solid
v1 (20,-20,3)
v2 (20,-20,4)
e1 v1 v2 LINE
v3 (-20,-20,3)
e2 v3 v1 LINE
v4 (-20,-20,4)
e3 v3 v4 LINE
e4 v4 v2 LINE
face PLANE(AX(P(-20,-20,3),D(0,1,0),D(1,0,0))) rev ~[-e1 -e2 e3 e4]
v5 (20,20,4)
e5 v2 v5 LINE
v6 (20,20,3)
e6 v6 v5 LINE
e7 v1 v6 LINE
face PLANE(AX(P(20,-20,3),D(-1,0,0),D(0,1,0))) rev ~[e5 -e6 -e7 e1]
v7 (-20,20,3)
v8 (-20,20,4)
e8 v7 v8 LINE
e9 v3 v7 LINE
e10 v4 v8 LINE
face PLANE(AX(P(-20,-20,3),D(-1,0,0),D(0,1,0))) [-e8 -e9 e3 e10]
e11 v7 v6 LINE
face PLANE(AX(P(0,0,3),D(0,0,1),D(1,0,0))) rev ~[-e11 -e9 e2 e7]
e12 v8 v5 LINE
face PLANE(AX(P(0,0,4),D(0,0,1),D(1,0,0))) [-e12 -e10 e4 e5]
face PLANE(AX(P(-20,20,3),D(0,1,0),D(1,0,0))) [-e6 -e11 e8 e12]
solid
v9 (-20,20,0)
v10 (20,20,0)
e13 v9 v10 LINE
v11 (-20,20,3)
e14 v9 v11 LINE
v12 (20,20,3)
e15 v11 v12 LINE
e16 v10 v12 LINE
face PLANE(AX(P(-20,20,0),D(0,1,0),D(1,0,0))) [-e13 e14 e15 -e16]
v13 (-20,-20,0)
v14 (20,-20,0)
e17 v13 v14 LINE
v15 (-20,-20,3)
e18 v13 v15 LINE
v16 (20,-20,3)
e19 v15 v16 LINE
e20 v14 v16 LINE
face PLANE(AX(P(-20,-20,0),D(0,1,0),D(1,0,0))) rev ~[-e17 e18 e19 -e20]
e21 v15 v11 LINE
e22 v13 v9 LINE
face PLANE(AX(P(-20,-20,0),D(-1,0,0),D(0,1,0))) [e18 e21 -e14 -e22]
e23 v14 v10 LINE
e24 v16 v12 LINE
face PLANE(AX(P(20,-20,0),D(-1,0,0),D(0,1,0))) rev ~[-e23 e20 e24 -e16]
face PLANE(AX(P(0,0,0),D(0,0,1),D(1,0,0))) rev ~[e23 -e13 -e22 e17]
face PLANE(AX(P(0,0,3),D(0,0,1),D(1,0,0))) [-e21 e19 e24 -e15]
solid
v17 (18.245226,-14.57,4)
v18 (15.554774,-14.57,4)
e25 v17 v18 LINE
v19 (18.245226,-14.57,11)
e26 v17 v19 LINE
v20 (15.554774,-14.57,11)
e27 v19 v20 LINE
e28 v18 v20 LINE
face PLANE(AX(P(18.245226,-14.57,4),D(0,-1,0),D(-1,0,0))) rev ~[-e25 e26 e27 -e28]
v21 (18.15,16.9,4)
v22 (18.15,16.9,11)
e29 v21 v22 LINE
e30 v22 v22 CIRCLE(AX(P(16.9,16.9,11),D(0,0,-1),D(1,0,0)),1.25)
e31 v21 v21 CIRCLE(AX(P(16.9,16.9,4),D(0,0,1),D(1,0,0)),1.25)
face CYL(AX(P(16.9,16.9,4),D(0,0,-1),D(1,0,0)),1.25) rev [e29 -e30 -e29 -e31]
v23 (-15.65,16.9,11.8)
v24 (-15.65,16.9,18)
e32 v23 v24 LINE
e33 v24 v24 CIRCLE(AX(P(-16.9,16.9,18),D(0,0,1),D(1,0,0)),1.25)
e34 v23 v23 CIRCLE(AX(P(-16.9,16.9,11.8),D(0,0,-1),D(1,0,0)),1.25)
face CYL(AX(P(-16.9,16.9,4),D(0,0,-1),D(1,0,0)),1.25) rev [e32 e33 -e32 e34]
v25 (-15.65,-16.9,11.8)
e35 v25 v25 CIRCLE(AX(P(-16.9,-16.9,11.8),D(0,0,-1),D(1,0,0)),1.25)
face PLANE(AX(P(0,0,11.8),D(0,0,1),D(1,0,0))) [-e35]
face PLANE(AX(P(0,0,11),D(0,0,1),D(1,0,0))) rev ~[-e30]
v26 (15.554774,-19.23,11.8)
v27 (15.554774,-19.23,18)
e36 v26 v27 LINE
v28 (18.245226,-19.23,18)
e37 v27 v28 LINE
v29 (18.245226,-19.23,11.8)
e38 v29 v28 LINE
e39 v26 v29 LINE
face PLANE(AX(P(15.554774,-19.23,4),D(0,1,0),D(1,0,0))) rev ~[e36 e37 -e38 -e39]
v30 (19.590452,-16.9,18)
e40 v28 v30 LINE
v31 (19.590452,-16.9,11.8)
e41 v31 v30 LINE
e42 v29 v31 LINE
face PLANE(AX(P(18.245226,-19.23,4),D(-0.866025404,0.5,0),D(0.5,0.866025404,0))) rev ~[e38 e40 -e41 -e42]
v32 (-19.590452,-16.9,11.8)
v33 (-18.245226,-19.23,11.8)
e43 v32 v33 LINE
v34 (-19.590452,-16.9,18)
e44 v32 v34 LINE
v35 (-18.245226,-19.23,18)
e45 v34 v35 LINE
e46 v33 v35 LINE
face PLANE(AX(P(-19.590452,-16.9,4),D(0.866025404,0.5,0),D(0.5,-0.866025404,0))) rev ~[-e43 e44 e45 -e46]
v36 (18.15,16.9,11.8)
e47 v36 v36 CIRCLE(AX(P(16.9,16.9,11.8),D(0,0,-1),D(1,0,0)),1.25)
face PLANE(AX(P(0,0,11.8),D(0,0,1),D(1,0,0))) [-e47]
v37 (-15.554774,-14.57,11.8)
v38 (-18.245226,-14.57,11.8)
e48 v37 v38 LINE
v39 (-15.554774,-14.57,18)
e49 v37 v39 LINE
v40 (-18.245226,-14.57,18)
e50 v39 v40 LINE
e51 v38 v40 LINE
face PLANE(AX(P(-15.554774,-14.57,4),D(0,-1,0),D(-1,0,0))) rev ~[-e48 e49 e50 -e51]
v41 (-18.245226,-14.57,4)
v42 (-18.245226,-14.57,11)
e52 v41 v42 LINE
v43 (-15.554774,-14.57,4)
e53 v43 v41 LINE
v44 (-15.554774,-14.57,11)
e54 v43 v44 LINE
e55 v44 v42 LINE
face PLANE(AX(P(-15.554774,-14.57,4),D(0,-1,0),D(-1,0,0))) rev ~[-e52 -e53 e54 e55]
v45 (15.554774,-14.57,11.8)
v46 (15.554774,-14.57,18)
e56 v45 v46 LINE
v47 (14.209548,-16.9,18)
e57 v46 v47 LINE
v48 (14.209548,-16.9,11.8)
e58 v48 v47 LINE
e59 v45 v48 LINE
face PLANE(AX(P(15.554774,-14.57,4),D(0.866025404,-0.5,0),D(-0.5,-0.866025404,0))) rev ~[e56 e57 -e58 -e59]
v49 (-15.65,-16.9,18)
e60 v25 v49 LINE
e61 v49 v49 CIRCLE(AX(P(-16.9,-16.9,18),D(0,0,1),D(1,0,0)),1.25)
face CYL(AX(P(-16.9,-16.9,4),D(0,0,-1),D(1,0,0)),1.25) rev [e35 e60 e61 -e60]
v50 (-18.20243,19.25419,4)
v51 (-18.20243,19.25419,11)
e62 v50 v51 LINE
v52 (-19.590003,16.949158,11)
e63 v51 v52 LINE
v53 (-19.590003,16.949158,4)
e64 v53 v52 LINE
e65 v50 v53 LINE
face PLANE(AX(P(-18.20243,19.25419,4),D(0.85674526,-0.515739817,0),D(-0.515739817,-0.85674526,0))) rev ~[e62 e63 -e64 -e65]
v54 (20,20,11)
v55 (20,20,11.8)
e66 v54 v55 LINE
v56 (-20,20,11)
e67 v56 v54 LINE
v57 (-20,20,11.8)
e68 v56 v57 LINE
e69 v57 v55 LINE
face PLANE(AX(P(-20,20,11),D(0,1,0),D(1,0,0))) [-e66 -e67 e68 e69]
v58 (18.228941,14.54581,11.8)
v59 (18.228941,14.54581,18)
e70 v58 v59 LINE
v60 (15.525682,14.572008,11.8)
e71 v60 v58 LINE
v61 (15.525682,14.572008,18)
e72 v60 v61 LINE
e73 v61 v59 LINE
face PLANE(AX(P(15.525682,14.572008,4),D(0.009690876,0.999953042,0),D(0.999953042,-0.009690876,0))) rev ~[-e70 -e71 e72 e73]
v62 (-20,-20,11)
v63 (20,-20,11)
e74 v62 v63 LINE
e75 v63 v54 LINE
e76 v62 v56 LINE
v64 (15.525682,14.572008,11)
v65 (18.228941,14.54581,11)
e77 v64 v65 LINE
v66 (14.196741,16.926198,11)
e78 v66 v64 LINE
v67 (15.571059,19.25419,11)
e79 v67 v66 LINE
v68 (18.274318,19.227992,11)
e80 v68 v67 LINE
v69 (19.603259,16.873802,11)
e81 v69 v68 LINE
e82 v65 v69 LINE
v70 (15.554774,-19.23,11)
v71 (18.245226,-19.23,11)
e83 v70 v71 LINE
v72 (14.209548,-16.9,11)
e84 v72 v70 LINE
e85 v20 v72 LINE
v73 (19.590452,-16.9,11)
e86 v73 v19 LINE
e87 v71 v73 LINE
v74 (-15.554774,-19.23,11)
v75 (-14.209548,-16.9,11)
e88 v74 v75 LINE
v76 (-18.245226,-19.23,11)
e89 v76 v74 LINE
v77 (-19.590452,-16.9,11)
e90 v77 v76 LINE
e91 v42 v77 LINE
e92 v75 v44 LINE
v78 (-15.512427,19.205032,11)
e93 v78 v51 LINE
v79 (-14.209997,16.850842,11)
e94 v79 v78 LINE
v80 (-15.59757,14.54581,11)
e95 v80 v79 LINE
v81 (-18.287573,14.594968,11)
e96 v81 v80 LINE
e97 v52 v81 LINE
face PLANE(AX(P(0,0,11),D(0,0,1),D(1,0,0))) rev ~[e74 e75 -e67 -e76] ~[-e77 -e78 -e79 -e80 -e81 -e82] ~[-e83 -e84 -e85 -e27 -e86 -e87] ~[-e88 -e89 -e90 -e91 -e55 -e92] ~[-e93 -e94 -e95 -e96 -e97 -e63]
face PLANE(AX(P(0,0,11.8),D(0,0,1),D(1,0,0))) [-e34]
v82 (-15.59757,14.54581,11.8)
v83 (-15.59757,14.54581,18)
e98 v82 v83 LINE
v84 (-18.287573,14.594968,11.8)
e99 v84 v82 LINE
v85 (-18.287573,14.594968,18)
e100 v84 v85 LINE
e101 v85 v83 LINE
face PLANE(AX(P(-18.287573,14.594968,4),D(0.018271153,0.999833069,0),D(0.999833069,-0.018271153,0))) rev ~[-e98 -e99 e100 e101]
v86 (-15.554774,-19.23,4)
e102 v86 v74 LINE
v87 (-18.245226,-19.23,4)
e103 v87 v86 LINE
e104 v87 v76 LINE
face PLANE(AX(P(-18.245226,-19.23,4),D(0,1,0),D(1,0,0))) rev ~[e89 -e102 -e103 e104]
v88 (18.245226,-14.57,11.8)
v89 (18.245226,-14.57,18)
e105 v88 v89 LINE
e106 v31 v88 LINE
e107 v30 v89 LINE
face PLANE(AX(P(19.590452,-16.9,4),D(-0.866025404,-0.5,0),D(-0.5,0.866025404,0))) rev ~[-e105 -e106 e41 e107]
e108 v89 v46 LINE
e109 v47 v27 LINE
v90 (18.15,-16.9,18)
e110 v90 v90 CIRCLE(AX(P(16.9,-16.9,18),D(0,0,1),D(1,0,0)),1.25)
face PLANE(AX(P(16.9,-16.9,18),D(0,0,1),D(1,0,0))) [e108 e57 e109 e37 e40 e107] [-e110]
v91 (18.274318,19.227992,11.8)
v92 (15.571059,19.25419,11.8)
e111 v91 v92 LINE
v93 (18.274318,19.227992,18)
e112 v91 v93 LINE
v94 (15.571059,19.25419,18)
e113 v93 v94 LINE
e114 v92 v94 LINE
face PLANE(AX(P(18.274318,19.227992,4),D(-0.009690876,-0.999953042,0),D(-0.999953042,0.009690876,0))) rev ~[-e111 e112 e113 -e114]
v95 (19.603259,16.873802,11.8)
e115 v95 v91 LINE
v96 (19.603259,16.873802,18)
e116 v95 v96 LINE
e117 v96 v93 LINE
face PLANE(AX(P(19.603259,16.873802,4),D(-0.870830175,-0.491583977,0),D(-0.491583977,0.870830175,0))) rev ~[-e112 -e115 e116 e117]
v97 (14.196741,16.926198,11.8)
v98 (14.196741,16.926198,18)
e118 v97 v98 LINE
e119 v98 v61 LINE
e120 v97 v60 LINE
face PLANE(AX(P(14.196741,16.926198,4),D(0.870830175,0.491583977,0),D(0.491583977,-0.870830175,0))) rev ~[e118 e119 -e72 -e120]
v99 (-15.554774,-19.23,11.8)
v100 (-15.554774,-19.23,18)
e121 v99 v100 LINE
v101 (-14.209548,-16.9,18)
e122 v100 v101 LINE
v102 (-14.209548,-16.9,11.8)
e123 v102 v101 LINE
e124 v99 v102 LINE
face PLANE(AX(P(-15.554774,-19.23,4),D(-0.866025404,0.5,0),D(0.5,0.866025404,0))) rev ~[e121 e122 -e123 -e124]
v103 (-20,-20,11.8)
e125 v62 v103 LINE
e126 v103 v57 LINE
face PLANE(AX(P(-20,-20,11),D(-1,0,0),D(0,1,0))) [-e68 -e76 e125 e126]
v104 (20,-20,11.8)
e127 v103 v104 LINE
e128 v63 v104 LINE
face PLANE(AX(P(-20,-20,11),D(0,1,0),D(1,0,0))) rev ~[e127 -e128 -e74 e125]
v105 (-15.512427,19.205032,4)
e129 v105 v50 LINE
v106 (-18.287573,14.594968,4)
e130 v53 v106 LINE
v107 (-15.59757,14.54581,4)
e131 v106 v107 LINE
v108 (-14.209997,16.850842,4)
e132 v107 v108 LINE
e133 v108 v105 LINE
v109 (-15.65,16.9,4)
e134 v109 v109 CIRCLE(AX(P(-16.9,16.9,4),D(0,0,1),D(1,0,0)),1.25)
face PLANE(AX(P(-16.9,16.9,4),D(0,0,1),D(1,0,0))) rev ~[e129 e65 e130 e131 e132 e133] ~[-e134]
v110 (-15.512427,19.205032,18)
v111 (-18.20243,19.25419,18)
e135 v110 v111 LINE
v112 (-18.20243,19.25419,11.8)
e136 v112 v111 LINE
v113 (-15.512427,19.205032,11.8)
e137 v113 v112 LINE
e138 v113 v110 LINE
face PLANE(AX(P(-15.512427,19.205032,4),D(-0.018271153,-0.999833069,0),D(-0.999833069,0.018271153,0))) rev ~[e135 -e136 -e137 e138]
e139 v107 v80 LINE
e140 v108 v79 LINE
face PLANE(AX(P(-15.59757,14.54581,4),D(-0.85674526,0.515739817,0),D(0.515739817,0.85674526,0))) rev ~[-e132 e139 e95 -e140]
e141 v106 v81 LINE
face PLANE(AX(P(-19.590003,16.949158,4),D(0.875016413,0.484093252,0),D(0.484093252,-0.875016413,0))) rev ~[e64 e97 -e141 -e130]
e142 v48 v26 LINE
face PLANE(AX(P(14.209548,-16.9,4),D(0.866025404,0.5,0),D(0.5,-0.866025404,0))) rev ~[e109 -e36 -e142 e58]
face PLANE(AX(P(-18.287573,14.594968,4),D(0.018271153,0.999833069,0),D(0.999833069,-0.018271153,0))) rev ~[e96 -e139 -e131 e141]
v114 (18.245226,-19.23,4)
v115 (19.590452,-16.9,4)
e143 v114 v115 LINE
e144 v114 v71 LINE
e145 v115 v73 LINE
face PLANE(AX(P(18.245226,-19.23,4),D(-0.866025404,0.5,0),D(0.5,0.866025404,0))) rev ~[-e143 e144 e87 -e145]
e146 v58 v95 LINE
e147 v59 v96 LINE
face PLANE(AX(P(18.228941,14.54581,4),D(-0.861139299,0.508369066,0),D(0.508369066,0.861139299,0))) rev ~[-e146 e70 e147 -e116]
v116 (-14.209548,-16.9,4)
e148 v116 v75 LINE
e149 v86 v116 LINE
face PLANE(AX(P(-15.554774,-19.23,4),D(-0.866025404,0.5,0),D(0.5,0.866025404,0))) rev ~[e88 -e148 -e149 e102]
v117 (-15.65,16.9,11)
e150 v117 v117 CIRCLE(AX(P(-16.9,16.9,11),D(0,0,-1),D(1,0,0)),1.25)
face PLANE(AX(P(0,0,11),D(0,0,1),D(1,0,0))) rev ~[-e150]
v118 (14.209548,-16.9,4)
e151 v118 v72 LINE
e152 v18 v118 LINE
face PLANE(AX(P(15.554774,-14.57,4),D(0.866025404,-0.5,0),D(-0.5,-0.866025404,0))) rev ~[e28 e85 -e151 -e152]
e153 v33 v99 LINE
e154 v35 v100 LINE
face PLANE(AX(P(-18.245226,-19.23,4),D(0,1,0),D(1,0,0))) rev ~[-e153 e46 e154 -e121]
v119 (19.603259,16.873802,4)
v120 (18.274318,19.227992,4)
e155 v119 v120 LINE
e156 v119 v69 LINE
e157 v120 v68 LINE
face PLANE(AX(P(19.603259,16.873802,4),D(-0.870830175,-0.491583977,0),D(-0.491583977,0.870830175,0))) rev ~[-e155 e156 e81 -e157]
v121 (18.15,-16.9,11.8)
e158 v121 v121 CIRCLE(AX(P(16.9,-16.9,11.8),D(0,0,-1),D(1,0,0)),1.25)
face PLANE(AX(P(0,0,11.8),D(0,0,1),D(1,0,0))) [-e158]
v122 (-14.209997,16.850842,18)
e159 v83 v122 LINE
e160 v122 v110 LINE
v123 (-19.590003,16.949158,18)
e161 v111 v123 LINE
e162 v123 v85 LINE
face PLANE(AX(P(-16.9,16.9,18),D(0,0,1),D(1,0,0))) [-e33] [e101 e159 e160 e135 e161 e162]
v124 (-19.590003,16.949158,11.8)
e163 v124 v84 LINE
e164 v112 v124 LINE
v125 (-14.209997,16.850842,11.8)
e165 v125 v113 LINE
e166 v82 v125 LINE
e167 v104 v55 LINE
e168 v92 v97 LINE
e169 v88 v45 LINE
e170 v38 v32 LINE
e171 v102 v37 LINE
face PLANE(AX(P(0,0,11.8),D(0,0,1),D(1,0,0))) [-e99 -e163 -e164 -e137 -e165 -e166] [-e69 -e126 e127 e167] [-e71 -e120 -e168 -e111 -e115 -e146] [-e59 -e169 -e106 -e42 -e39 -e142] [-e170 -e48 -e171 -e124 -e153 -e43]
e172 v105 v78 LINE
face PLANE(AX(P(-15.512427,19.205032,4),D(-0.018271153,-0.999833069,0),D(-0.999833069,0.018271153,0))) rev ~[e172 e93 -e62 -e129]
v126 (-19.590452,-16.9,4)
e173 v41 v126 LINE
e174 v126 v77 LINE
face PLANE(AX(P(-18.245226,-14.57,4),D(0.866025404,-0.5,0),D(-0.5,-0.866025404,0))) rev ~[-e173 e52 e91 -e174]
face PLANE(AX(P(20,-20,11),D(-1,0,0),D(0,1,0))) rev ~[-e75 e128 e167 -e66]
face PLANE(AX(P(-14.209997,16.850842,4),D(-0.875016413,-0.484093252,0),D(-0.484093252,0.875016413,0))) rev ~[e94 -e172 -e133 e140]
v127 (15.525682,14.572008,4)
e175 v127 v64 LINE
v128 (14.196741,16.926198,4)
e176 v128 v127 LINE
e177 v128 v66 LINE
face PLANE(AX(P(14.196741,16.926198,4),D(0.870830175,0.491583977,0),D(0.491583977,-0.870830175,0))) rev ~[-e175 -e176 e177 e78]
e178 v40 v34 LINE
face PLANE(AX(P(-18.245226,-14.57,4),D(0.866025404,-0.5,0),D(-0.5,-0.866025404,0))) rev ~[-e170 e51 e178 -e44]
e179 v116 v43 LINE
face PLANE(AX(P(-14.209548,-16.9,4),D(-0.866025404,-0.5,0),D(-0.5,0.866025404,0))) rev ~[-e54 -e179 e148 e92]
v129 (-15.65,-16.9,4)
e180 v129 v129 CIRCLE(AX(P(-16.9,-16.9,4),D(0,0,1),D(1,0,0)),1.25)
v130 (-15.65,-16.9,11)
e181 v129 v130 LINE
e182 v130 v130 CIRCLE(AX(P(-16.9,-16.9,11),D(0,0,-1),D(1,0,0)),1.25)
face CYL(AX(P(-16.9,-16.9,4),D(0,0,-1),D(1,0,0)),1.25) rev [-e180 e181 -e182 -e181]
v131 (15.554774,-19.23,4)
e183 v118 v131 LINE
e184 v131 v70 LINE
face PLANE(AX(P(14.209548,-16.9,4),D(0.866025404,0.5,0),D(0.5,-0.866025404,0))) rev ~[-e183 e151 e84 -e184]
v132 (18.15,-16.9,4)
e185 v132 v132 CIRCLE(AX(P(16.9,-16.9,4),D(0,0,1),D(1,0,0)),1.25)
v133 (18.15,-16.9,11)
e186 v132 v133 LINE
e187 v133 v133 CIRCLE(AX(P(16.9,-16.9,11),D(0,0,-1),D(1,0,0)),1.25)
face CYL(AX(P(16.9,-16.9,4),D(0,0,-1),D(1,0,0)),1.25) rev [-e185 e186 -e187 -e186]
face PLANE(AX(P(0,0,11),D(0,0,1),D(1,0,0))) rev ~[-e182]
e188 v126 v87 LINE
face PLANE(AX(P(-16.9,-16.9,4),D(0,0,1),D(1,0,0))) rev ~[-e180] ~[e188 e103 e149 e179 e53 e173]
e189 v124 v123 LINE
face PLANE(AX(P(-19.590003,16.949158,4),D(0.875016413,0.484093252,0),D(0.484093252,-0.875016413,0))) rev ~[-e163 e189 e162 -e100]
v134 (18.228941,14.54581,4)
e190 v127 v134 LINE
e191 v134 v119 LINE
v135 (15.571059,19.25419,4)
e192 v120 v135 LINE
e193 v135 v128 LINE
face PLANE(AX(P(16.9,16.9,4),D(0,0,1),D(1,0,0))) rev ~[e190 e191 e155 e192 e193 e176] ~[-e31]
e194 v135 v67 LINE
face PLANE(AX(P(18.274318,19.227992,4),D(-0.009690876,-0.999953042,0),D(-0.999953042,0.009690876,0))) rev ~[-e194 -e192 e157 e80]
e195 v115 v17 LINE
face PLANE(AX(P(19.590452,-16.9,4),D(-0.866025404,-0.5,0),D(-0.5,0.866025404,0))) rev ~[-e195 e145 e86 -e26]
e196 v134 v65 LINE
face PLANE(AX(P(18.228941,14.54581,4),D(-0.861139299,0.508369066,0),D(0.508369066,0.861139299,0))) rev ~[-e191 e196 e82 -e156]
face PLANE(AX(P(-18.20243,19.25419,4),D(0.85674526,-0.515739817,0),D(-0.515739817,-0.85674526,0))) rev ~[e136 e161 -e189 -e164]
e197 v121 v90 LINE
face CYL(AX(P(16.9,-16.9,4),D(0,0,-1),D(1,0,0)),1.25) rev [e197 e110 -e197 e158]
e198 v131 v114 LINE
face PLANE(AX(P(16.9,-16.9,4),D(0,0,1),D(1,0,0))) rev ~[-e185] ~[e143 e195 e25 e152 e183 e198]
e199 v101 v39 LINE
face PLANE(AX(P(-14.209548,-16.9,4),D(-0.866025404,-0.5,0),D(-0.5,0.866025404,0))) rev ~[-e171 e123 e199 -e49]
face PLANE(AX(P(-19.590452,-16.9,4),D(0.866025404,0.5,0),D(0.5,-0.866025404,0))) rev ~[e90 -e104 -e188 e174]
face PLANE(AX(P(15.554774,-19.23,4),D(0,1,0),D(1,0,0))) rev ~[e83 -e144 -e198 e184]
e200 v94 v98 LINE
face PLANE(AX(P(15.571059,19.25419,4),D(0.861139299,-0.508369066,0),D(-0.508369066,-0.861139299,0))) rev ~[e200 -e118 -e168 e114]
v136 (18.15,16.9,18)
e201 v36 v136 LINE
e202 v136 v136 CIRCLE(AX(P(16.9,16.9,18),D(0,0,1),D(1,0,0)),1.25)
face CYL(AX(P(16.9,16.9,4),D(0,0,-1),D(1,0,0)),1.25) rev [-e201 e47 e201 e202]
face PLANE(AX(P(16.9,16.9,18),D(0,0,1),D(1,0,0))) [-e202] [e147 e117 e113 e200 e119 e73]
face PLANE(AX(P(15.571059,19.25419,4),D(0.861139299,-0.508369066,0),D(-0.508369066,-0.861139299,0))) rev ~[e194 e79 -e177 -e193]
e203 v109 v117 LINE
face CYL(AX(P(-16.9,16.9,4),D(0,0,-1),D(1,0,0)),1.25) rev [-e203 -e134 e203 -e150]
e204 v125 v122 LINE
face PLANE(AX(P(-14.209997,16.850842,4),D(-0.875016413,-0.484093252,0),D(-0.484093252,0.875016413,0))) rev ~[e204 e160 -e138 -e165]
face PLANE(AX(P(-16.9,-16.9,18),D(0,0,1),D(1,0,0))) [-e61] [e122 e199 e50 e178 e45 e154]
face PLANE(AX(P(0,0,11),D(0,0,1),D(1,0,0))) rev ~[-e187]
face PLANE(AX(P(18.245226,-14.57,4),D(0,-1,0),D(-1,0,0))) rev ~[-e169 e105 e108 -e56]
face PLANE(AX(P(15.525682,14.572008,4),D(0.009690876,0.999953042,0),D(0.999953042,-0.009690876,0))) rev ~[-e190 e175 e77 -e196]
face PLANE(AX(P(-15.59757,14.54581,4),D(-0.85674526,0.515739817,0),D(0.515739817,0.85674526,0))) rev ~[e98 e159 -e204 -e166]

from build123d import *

# Parameters (mm, degrees)
SKETCH1_W             = 40
SKETCH1_H             = 40
BOSS_EXTRUDE1_DEPTH   = 3
SKETCH2_W             = 40
SKETCH2_H             = 40
BOSS_EXTRUDE2_DEPTH   = 1
SKETCH3_R             = 1.25
BOSS_EXTRUDE3_DEPTH   = 14
BOSS_EXTRUDE3_2_DEPTH = 14
BOSS_EXTRUDE3_3_DEPTH = 14
BOSS_EXTRUDE3_4_DEPTH = 14
SKETCH4_W             = 40
SKETCH4_H             = 40
BOSS_EXTRUDE4_DEPTH   = 0.8


with BuildPart() as part:
    # Sketch1 → Boss-Extrude1 (new body)
    with BuildSketch(Plane.XY):
        Rectangle(SKETCH1_W, SKETCH1_H)
    extrude(amount=BOSS_EXTRUDE1_DEPTH)


with BuildPart() as body_2:
    # Sketch2 → Boss-Extrude2 (new body)
    with BuildSketch(Plane.XY.offset(3)):
        Rectangle(SKETCH2_W, SKETCH2_H)
    extrude(amount=BOSS_EXTRUDE2_DEPTH)


with BuildPart() as body_3:
    # Sketch3 → Boss-Extrude3 (new body)
    with BuildSketch(Plane.XY.offset(4)):
        Polygon((-15.59757022, 14.545810118), (-14.209996867, 16.850842335), (-15.512426647, 19.205032217), (-18.20242978, 19.254189882), (-19.590003133, 16.949157665), (-18.287573353, 14.594967783), align=None)
        with Locations((-16.9, 16.9)):
            Circle(SKETCH3_R, mode=Mode.SUBTRACT)
    extrude(amount=BOSS_EXTRUDE3_DEPTH)



with BuildPart() as body_4:
    # Sketch3 → Boss-Extrude3 2 (new body)
    with BuildSketch(Plane.XY.offset(4)):
        Polygon((18.228941115, 14.545810118), (19.603258801, 16.873801825), (18.274317686, 19.227991707), (15.571058885, 19.254189882), (14.196741199, 16.926198175), (15.525682314, 14.572008293), align=None)
        with Locations((16.9, 16.9)):
            Circle(SKETCH3_R, mode=Mode.SUBTRACT)
    extrude(amount=BOSS_EXTRUDE3_2_DEPTH)


with BuildPart() as body_5:
    # Sketch3 → Boss-Extrude3 3 (new body)
    with BuildSketch(Plane.XY.offset(4)):
        Polygon((19.590452254, -16.9), (18.245226127, -14.57), (15.554773873, -14.57), (14.209547746, -16.9), (15.554773873, -19.23), (18.245226127, -19.23), align=None)
        with Locations((16.9, -16.9)):
            Circle(SKETCH3_R, mode=Mode.SUBTRACT)
    extrude(amount=BOSS_EXTRUDE3_3_DEPTH)


with BuildPart() as body_6:
    # Sketch3 → Boss-Extrude3 4 (new body)
    with BuildSketch(Plane.XY.offset(4)):
        Polygon((-14.209547746, -16.9), (-15.554773873, -14.57), (-18.245226127, -14.57), (-19.590452254, -16.9), (-18.245226127, -19.23), (-15.554773873, -19.23), align=None)
        with Locations((-16.9, -16.9)):
            Circle(SKETCH3_R, mode=Mode.SUBTRACT)
    extrude(amount=BOSS_EXTRUDE3_4_DEPTH)


with BuildPart() as body_3_1:
    add(body_3.part)

    add(body_4.part)  # Boss-Extrude4 merges body 4

    add(body_5.part)  # Boss-Extrude4 merges body 5

    add(body_6.part)  # Boss-Extrude4 merges body 6
    # Sketch4 → Boss-Extrude4 (add)
    with BuildSketch(Plane.XY.offset(11)):
        Rectangle(SKETCH4_W, SKETCH4_H)
    extrude(amount=BOSS_EXTRUDE4_DEPTH)


solid = Compound([part.part, body_2.part, body_3_1.part])
